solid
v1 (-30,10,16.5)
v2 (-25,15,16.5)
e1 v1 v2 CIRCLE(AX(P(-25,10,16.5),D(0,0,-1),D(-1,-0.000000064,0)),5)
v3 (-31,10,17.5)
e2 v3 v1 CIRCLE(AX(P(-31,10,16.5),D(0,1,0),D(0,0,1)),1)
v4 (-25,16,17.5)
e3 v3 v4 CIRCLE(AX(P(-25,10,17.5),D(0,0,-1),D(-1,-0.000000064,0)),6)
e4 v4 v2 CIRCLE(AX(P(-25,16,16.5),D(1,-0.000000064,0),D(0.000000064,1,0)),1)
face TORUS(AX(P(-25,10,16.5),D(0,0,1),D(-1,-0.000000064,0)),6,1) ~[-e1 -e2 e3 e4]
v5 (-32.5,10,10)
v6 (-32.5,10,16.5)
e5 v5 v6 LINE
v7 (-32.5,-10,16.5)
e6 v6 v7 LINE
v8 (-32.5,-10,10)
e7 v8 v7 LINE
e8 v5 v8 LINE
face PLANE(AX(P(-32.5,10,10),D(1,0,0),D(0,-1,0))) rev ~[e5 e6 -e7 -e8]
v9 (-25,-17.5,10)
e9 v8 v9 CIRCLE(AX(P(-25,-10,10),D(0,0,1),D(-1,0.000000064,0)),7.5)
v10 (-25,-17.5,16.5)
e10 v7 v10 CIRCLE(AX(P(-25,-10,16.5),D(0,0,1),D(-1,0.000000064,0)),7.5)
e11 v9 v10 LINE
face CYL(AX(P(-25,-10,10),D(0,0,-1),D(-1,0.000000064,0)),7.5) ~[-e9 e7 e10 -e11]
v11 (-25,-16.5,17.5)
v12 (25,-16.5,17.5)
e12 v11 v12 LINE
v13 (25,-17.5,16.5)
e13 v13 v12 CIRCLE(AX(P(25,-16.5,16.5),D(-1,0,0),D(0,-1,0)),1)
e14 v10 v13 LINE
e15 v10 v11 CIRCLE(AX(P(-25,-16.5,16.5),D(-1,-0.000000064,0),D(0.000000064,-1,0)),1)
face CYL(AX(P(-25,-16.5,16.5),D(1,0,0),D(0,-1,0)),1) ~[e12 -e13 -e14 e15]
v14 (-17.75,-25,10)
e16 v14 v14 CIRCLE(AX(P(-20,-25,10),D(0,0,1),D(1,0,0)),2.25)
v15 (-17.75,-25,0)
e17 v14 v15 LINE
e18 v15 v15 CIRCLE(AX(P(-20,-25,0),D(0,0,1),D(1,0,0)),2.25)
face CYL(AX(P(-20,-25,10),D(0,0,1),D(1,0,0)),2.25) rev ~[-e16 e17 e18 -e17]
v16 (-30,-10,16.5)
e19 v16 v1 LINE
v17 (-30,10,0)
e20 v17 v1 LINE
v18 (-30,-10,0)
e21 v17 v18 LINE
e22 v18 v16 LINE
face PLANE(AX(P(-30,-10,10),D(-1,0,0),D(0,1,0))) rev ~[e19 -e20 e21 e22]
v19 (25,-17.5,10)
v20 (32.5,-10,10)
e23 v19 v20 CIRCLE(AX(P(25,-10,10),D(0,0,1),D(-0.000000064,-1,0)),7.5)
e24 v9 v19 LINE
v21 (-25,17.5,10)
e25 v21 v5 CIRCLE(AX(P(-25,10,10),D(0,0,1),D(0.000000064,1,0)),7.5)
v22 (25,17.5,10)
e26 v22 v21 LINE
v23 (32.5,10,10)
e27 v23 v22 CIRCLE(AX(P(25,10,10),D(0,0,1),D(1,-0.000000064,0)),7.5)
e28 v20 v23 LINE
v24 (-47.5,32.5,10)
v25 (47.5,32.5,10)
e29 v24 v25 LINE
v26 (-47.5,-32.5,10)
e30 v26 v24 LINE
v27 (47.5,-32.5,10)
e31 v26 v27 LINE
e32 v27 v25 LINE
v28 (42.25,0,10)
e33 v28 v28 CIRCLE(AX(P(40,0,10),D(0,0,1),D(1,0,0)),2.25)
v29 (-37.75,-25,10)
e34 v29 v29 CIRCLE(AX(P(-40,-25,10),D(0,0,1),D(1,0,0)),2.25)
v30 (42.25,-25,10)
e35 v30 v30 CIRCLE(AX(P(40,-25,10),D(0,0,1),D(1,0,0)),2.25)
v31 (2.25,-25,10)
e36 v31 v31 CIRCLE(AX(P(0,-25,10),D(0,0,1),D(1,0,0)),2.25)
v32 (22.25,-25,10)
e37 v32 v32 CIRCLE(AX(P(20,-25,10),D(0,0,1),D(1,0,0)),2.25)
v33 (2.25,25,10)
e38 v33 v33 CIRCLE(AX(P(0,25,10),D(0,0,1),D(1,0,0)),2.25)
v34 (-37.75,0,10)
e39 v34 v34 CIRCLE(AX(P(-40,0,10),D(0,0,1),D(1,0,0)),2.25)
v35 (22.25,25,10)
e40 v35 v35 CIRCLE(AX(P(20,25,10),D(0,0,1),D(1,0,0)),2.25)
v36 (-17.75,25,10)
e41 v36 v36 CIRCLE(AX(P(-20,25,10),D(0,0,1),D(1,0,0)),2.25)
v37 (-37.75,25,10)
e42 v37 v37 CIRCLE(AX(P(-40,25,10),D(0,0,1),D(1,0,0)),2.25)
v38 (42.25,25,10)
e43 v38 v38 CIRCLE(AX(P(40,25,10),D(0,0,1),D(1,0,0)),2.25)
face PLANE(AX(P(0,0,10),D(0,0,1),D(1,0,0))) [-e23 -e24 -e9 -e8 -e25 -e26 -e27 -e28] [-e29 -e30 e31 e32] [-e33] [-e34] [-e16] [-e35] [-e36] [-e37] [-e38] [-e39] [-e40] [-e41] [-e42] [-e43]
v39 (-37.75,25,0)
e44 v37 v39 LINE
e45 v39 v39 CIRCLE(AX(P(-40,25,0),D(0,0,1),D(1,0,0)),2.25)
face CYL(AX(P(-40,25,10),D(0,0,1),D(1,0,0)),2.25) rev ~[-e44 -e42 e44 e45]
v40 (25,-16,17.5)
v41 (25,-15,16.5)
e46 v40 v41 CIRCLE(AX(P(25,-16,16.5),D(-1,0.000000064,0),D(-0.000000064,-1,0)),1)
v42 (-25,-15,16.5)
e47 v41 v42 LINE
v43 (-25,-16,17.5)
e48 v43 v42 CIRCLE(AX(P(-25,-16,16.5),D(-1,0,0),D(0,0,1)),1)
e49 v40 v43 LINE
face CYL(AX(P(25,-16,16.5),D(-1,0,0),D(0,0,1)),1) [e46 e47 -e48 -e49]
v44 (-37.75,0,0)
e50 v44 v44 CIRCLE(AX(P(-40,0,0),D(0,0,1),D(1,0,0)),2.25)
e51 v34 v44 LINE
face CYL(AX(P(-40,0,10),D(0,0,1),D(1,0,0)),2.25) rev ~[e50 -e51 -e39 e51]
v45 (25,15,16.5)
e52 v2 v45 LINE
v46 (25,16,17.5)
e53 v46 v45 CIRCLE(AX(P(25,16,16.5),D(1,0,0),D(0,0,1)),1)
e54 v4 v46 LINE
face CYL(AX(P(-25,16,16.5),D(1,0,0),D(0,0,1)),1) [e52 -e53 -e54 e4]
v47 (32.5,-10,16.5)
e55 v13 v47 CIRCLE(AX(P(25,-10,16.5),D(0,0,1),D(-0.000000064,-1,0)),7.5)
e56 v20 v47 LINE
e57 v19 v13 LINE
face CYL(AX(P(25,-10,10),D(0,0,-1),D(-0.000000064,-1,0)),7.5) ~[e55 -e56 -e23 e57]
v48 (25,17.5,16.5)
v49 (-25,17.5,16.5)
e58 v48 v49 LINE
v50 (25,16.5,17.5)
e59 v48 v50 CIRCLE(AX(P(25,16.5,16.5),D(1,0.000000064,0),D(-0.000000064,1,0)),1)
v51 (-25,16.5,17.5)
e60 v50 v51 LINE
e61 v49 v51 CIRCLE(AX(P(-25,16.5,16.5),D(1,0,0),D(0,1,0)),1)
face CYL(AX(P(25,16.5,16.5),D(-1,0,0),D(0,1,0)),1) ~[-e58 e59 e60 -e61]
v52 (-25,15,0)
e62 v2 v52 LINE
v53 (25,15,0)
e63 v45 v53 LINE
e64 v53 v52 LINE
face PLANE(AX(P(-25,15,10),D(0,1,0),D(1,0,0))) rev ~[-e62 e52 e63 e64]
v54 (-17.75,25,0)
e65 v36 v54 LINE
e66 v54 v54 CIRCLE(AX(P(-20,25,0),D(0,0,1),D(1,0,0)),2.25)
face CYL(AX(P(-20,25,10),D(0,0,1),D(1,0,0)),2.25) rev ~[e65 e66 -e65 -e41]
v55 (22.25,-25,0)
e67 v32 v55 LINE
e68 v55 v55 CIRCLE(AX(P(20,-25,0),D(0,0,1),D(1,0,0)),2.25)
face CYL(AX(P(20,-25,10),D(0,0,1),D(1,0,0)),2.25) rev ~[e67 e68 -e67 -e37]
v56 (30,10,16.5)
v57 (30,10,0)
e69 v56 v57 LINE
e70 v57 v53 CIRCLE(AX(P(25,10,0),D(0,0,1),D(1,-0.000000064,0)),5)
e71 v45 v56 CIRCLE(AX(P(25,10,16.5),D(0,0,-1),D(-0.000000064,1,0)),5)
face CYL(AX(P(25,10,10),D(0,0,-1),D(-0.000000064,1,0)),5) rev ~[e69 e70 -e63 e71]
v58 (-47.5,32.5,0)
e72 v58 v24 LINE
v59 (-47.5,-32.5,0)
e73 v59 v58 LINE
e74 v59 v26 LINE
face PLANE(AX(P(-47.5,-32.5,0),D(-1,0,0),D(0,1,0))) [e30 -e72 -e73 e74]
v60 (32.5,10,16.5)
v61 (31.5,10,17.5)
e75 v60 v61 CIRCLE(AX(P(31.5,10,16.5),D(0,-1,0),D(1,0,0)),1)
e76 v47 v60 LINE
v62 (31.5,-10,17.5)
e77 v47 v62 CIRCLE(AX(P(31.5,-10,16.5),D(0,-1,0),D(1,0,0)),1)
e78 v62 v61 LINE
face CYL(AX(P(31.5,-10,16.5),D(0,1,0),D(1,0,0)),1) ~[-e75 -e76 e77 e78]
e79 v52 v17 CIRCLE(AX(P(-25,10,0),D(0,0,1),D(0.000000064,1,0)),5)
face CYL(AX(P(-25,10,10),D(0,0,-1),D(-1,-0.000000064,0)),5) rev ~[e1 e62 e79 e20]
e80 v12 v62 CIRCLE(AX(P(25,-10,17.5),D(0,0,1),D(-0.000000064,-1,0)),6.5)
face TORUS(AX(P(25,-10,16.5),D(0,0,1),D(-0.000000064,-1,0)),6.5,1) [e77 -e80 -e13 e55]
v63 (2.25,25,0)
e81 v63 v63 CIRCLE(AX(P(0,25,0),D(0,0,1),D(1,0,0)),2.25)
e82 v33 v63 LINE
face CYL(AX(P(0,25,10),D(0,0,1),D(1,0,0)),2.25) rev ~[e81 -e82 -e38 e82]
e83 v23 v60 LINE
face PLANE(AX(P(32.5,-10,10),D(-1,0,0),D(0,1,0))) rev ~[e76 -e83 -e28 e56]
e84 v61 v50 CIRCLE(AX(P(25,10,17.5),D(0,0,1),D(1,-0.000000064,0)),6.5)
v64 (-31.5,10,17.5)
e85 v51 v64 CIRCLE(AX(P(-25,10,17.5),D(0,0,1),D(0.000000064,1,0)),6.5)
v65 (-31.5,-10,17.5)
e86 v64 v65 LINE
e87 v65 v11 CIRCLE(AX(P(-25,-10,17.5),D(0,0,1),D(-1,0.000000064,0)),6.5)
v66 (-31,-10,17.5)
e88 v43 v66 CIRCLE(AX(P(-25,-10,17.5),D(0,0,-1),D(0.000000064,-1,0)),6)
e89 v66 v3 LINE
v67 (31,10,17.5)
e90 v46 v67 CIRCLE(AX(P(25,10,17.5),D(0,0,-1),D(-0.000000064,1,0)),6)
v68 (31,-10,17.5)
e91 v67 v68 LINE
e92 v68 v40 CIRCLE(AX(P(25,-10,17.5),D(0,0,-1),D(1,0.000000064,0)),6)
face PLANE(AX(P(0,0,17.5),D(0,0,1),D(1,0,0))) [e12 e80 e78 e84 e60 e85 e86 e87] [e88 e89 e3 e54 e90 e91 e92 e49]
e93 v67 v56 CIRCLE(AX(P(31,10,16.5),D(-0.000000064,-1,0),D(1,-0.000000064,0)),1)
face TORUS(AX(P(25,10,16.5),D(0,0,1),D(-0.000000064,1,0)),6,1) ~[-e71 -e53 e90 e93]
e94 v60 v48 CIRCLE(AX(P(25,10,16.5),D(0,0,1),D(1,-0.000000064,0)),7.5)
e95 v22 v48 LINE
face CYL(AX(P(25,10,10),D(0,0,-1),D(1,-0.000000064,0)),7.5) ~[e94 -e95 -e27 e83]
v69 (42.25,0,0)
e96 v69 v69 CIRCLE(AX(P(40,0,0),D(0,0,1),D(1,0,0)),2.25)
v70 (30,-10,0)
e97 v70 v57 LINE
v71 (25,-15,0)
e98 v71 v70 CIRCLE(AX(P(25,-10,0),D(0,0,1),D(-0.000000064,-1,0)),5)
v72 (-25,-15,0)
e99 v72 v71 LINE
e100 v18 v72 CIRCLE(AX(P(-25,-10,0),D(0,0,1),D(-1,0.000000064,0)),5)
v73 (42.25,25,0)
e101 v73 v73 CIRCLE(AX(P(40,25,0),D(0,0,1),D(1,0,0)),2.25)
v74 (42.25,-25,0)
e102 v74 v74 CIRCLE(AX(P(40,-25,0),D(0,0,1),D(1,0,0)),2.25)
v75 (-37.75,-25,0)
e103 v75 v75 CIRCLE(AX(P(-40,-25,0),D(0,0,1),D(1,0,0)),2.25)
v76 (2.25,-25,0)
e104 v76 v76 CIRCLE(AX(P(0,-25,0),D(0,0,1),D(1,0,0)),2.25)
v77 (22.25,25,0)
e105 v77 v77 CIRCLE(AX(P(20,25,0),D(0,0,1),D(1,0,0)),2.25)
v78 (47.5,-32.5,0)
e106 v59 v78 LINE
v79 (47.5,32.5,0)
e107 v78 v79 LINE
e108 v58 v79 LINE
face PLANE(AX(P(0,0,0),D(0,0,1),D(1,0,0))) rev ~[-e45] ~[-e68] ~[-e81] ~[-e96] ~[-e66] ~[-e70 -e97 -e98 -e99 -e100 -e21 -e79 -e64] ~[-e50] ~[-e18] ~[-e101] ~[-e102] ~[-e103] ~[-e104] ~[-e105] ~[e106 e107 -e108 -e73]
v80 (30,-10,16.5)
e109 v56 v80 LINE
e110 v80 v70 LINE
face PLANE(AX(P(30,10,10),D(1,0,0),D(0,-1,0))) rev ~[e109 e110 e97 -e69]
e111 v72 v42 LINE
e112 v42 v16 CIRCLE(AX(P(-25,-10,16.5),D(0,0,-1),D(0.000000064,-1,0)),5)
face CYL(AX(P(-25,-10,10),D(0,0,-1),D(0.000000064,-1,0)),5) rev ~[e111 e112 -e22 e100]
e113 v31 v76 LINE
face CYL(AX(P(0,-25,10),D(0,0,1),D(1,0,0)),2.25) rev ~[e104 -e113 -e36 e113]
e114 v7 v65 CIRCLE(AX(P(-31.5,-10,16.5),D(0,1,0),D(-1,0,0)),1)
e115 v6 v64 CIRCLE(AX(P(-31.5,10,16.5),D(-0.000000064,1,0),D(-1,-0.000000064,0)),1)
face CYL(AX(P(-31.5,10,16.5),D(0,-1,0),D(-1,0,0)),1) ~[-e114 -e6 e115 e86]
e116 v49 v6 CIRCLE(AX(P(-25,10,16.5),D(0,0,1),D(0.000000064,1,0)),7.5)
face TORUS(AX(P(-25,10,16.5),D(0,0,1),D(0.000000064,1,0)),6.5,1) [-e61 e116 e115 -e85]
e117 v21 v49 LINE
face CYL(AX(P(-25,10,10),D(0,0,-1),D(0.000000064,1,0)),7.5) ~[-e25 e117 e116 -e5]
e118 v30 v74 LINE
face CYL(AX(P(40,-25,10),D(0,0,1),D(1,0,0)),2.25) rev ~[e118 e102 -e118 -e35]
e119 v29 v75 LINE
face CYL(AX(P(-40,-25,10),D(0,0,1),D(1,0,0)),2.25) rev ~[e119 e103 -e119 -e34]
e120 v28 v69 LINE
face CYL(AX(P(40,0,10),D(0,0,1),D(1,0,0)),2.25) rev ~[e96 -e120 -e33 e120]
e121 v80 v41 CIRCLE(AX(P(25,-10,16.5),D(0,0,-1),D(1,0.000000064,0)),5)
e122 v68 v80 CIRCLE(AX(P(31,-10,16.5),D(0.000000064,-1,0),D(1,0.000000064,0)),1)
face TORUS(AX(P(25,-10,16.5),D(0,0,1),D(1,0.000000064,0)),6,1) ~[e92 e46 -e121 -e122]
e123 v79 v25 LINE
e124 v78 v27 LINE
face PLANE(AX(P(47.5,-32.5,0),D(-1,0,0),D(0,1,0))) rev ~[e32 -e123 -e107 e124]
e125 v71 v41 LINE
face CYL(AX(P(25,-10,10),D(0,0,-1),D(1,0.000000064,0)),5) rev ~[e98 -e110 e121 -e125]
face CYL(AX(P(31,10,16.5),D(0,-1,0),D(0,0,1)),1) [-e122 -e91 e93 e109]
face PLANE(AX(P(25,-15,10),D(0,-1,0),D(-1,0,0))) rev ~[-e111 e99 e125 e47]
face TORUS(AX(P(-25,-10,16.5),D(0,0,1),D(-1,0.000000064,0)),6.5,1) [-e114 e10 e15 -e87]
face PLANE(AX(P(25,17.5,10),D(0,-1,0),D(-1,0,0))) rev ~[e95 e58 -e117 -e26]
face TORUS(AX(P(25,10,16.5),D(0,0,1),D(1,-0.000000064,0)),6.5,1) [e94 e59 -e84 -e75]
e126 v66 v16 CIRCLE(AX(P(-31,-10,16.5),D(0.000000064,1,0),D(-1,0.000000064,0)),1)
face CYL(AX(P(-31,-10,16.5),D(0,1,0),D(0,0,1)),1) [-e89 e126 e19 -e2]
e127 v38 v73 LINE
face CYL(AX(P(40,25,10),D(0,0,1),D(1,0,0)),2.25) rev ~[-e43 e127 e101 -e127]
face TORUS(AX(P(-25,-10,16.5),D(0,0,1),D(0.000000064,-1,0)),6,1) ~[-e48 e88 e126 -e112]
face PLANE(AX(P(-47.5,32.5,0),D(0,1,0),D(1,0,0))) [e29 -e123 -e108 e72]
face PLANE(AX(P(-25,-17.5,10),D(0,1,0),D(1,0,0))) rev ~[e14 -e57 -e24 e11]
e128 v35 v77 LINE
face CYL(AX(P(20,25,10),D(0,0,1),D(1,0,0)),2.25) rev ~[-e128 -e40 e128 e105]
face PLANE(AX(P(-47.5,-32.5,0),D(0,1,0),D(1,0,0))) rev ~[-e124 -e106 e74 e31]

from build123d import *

# Parameters (mm, degrees)
F0_W     = 95
F0_H     = 65
F1_DEPTH = 10
F3_DEPTH = 7.5
F4_R     = 1
F6_DEPTH = 10.001
F7_R     = 2.25
F8_DEPTH = 10.001


with BuildPart() as f1:
    # F0 (on Top) → F1 (new body)
    with BuildSketch(Plane.XY):
        Rectangle(F0_W, F0_H)
    extrude(amount=F1_DEPTH)

    # F2 (on face) → F3 (join)
    with BuildSketch(Plane.XY.offset(10)):
        with BuildLine():
            Line((32.5, -10), (32.5, 10))
            ThreePointArc((32.5, 10), (30.303301, 15.303301), (25, 17.5))
            Line((25, 17.5), (-25, 17.5))
            ThreePointArc((-25, 17.5), (-30.303301, 15.303301), (-32.5, 10))
            Line((-32.5, 10), (-32.5, -10))
            ThreePointArc((-32.5, -10), (-30.303301, -15.303301), (-25, -17.5))
            Line((-25, -17.5), (25, -17.5))
            ThreePointArc((25, -17.5), (30.303301, -15.303301), (32.5, -10))
        make_face()
        with BuildLine():
            ThreePointArc((30, -10), (28.535534, -13.535534), (25, -15))
            Line((25, -15), (-25, -15))
            ThreePointArc((-25, -15), (-28.535534, -13.535534), (-30, -10))
            Line((-30, -10), (-30, 10))
            ThreePointArc((-30, 10), (-28.535534, 13.535534), (-25, 15))
            Line((-25, 15), (25, 15))
            ThreePointArc((25, 15), (28.535534, 13.535534), (30, 10))
            Line((30, 10), (30, -10))
        make_face(mode=Mode.SUBTRACT)
    extrude(amount=F3_DEPTH)

    # F4
    f4_edges = [f1.edges().sort_by_distance(p)[0] for p in [
        (32.5, 0, 17.5),
        (30.303301, 15.303301, 17.5),
        (0, 17.5, 17.5),
        (-30.303301, 15.303301, 17.5),
        (-32.5, 0, 17.5),
        (-30.303301, -15.303301, 17.5),
        (0, -17.5, 17.5),
        (30.303301, -15.303301, 17.5),
        (28.535534, -13.535534, 17.5),
        (0, -15, 17.5),
        (-28.535534, -13.535534, 17.5),
        (-30, 0, 17.5),
        (-28.535534, 13.535534, 17.5),
        (0, 15, 17.5),
        (28.535534, 13.535534, 17.5),
        (30, 0, 17.5),
    ]]
    fillet(f4_edges, radius=F4_R)

    # F5 (on face) → F6 (cut, through all)
    with BuildSketch(Plane.XY.offset(10)):
        with BuildLine():
            Line((-25, -15), (25, -15))
            ThreePointArc((25, -15), (28.535534, -13.535534), (30, -10))
            Line((30, -10), (30, 10))
            ThreePointArc((30, 10), (28.535534, 13.535534), (25, 15))
            Line((25, 15), (-25, 15))
            ThreePointArc((-25, 15), (-28.535534, 13.535534), (-30, 10))
            Line((-30, 10), (-30, -10))
            ThreePointArc((-30, -10), (-28.535534, -13.535534), (-25, -15))
        make_face()
    extrude(amount=-F6_DEPTH, mode=Mode.SUBTRACT)

    # F7 (on face) → F8 (cut, through all)
    with BuildSketch(Plane.XY.offset(10)):
        with Locations((-40, 25)):
            Circle(F7_R)
        with Locations((-40, 0)):
            Circle(F7_R)
        with Locations((-40, -25)):
            Circle(F7_R)
        with Locations((-20, 25)):
            Circle(F7_R)
        with Locations((-20, -25)):
            Circle(F7_R)
        with Locations((0, 25)):
            Circle(F7_R)
        with Locations((0, -25)):
            Circle(F7_R)
        with Locations((20, 25)):
            Circle(F7_R)
        with Locations((20, -25)):
            Circle(F7_R)
        with Locations((40, 25)):
            Circle(F7_R)
        with Locations((40, 0)):
            Circle(F7_R)
        with Locations((40, -25)):
            Circle(F7_R)
    extrude(amount=-F8_DEPTH, mode=Mode.SUBTRACT)


solid = f1.part
